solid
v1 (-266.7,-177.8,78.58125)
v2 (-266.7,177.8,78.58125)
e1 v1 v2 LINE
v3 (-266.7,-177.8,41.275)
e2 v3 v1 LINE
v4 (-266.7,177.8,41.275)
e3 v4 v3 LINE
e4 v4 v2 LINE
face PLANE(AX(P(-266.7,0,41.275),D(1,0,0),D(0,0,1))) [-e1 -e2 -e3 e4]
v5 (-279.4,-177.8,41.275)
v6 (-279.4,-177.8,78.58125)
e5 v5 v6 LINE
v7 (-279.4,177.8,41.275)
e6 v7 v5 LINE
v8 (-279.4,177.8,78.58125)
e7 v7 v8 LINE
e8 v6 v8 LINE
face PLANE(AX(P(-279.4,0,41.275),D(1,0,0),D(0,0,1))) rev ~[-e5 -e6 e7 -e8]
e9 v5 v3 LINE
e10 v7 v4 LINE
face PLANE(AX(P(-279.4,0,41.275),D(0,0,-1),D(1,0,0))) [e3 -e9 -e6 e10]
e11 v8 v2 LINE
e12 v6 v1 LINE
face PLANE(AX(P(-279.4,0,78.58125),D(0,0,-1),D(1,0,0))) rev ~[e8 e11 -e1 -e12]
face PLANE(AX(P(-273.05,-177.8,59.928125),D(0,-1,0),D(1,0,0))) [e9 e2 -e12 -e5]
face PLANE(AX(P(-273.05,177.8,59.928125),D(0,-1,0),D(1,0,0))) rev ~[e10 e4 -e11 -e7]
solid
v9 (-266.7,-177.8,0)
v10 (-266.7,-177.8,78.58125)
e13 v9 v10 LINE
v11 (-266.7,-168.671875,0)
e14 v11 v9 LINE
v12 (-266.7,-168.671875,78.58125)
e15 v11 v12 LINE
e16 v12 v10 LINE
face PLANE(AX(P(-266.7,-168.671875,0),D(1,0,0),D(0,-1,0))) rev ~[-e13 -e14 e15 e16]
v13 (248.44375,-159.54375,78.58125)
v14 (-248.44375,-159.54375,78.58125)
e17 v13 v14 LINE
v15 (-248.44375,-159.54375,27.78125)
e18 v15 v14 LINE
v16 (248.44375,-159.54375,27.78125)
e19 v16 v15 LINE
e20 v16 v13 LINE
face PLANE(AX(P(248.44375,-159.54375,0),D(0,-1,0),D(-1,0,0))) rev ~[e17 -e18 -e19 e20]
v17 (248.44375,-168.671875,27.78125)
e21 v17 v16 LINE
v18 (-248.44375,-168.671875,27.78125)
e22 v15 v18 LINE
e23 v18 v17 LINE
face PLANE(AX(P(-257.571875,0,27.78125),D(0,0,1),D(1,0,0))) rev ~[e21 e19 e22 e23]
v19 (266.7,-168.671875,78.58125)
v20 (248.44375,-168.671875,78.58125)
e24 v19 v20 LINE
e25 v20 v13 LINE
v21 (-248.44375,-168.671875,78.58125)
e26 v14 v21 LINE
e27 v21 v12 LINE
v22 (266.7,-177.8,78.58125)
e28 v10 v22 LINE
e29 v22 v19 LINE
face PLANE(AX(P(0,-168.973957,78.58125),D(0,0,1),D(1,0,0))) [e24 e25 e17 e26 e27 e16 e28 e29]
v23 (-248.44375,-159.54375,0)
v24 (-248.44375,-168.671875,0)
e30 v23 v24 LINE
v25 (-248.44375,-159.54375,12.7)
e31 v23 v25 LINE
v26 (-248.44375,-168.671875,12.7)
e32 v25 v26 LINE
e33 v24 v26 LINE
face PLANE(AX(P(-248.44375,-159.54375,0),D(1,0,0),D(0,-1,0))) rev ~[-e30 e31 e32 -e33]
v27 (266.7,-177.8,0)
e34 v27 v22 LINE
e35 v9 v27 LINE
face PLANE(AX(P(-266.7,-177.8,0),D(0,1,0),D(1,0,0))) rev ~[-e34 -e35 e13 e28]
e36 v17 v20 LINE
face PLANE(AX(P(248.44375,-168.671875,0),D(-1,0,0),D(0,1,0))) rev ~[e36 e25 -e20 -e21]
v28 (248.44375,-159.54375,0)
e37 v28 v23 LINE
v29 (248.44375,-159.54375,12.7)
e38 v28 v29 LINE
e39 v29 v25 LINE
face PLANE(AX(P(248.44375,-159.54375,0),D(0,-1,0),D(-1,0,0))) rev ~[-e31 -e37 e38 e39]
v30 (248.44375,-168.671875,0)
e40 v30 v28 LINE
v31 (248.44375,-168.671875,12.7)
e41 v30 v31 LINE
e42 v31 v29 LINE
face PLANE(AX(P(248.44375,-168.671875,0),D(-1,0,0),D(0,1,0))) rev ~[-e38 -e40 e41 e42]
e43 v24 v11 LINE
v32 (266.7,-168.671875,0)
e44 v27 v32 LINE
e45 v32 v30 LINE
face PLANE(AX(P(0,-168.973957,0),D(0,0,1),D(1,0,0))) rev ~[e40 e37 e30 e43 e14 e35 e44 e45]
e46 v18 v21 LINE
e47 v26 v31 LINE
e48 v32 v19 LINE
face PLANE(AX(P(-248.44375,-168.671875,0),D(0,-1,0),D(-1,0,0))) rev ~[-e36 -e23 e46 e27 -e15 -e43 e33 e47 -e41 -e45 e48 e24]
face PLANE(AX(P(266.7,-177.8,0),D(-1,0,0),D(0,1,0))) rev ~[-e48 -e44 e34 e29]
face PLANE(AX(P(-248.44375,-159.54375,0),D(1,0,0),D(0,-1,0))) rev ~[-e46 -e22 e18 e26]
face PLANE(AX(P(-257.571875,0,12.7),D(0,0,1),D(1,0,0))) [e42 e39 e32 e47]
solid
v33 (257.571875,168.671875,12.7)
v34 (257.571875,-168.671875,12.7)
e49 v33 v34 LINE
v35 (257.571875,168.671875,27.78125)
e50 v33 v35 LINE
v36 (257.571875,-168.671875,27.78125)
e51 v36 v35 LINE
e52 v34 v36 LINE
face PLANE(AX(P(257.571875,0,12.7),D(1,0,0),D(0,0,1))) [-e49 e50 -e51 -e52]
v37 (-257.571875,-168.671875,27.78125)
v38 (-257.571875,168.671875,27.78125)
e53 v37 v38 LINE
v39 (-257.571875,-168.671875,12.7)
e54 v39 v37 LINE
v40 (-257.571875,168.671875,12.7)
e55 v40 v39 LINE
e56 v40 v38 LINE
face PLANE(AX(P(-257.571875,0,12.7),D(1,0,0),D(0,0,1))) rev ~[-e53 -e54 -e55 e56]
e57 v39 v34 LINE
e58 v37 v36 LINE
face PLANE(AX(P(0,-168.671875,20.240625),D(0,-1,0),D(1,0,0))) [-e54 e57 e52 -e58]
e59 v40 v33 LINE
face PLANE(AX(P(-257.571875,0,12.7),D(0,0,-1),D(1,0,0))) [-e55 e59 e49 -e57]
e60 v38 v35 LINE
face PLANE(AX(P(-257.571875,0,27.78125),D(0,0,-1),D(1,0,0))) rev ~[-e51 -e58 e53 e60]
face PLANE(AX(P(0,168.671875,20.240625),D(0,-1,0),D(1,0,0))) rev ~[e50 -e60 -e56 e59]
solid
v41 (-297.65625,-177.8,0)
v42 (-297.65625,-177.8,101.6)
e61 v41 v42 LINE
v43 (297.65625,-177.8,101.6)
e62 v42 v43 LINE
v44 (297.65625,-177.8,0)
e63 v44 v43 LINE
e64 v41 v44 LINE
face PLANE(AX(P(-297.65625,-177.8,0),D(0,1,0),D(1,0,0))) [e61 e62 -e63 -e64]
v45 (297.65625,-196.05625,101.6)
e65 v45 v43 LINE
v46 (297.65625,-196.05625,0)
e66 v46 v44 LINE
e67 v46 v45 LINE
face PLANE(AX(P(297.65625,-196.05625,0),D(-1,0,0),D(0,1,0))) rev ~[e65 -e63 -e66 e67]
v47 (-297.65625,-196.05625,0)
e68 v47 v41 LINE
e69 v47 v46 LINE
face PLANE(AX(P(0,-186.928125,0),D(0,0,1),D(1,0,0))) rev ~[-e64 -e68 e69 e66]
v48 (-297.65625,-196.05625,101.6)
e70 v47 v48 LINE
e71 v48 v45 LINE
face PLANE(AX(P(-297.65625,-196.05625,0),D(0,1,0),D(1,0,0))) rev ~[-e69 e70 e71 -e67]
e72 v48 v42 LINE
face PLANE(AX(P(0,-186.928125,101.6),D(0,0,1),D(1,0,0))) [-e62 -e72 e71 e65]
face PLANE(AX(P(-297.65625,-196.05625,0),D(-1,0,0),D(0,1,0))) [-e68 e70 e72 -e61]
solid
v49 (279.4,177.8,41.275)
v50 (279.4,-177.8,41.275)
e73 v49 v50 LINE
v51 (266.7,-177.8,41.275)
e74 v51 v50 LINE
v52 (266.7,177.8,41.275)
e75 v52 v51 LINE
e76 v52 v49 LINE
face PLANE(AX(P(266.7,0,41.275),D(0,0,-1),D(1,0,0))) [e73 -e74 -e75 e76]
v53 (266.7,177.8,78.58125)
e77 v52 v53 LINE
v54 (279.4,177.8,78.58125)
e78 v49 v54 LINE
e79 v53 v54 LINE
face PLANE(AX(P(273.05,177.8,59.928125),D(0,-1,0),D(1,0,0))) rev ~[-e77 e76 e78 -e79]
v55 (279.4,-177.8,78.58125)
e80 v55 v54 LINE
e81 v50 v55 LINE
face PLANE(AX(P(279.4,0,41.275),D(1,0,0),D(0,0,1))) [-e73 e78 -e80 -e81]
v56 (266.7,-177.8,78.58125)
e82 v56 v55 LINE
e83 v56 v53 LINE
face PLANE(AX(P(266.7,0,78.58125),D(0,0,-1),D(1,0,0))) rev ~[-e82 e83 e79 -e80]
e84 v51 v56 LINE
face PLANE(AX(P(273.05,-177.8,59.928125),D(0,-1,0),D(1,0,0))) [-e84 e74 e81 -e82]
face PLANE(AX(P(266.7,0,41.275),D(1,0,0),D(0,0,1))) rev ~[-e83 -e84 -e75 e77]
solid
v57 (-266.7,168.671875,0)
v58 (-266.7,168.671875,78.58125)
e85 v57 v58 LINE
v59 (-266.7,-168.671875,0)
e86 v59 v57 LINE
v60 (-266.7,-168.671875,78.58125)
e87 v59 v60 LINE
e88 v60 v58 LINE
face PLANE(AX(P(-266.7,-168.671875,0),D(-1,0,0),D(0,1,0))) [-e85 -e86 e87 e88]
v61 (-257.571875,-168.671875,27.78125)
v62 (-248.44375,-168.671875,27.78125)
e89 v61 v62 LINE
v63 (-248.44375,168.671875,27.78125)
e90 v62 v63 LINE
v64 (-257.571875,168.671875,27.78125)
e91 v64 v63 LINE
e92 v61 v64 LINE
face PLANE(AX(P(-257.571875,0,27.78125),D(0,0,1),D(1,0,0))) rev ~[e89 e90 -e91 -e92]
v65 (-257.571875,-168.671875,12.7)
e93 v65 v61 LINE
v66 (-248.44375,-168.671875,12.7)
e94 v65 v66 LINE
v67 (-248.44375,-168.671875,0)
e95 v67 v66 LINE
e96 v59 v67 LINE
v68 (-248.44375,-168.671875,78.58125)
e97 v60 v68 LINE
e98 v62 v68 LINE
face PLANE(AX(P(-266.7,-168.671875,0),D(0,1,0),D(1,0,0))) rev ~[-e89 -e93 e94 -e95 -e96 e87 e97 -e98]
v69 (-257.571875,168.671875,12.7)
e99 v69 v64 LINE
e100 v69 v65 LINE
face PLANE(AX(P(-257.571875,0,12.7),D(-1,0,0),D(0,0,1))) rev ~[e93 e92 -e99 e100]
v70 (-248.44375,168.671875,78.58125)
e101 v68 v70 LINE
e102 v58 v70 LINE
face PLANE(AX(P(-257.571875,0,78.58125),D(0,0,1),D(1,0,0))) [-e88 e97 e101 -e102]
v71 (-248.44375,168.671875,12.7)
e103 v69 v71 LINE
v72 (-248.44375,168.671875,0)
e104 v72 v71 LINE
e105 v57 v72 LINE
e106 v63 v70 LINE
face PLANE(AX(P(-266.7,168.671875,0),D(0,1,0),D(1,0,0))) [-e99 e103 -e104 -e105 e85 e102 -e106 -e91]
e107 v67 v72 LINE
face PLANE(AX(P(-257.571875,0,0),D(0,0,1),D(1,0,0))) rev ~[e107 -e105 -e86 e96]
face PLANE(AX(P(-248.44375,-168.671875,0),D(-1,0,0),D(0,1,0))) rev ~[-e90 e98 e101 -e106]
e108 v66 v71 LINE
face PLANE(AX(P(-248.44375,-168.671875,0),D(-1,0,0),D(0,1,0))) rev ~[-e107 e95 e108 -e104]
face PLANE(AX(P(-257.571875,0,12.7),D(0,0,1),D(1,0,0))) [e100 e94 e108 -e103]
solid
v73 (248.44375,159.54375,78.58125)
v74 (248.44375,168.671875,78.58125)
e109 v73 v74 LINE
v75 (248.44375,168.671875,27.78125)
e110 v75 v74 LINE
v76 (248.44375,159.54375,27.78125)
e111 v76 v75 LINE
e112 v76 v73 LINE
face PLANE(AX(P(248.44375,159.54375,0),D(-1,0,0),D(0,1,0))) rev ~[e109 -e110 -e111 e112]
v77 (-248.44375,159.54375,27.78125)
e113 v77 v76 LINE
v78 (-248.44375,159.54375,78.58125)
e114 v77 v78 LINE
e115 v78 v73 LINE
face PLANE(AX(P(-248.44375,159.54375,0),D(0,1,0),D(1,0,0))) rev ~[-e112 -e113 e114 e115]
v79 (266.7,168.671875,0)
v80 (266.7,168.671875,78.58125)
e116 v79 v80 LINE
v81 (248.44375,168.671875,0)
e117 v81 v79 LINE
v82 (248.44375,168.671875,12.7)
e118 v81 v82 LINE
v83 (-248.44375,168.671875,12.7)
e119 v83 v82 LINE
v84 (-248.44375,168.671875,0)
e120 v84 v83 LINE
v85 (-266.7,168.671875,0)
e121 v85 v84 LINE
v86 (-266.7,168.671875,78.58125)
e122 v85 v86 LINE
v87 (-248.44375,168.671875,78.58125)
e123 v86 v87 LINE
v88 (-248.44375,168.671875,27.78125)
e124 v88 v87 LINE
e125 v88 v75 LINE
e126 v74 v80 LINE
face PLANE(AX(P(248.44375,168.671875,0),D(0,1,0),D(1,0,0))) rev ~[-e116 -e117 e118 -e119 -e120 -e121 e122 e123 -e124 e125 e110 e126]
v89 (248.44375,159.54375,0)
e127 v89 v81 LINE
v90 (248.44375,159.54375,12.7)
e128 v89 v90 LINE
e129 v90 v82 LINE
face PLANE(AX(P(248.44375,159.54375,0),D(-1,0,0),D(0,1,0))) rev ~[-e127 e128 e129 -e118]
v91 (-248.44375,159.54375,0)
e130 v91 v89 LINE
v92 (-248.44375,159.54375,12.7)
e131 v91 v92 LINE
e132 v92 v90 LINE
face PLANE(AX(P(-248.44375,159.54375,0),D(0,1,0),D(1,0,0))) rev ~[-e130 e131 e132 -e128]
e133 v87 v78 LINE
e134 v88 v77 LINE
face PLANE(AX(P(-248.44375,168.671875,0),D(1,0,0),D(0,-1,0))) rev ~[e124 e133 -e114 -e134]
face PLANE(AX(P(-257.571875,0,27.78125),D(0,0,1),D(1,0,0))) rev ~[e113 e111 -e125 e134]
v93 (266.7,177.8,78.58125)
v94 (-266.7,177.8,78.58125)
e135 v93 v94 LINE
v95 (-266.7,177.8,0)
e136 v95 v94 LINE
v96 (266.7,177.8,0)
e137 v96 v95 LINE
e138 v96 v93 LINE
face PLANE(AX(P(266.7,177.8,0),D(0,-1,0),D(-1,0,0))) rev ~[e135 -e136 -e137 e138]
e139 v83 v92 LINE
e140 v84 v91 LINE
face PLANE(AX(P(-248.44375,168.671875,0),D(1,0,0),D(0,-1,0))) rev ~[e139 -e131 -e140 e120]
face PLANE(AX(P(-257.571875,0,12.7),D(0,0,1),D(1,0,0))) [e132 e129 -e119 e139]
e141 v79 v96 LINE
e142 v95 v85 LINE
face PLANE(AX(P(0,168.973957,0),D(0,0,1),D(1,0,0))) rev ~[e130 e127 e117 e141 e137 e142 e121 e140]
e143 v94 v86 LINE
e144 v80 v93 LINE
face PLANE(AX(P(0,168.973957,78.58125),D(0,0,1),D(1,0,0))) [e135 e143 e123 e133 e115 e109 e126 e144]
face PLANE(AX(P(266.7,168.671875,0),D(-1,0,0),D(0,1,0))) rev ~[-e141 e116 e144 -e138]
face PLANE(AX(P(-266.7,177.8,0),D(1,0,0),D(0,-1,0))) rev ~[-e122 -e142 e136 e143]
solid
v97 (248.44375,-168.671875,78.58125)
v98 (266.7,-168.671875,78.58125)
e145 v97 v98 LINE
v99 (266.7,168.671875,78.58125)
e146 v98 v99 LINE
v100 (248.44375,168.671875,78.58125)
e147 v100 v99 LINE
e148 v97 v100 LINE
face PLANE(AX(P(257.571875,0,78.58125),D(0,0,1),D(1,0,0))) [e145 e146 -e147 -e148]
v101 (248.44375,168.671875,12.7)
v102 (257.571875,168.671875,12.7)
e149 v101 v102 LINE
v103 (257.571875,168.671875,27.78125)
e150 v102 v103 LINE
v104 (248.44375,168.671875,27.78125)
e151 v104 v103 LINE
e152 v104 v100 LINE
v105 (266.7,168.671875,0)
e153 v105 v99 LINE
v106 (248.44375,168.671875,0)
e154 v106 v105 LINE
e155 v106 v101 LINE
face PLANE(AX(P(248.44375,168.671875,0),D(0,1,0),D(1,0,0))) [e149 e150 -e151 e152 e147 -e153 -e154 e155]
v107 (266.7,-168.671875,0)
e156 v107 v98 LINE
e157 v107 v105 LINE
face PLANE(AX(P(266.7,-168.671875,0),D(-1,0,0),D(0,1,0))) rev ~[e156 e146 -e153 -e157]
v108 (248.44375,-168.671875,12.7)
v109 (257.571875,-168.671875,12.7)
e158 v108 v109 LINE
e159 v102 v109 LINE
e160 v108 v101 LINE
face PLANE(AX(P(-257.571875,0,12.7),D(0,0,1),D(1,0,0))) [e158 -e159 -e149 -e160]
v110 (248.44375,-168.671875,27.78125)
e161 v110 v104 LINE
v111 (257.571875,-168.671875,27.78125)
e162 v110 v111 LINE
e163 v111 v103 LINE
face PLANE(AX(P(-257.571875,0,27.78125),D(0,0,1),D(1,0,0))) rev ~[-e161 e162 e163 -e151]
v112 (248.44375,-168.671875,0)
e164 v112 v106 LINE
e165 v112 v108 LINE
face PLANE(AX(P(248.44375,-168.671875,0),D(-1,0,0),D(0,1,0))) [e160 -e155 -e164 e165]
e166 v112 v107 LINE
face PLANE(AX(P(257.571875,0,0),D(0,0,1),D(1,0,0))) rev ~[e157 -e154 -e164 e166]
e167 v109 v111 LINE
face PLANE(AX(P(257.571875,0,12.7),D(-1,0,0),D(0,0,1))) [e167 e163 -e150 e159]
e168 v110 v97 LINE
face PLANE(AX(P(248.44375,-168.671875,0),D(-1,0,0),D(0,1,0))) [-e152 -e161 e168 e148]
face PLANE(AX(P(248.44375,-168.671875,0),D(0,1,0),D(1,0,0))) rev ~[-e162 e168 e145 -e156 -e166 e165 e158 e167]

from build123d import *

# Parameters (mm, degrees)
F5_DEPTH       = 78.58125
F1_W           = 18.25625
F1_H           = 337.34375
F6_DEPTH       = 78.58125
F2_W           = 595.3125
F2_H           = 18.25625
F7_DEPTH       = 101.6
F3_W           = 515.14375
F3_H           = 15.08125
F8_DEPTH       = 168.671875
F8_DEPTH_BACK  = 168.671875
F9_DEPTH       = 168.671875
F9_DEPTH_BACK  = 168.671875
F4_W           = 12.7
F4_H           = 37.30625
F10_DEPTH      = 177.8
F10_DEPTH_BACK = 177.8


with BuildPart() as f5:
    # F0 (on Top) → F5 (new body)
    with BuildSketch(Plane.XY):
        Polygon((266.7, 177.8), (-266.7, 177.8), (-266.7, 168.671875), (-248.44375, 168.671875), (-248.44375, 159.54375), (248.44375, 159.54375), (248.44375, 168.671875), (266.7, 168.671875), align=None)
    extrude(amount=F5_DEPTH)


with BuildPart() as f5b:
    # F0 (on Top) → F5, piece 2 (new body)
    with BuildSketch(Plane.XY):
        Polygon((-266.7, -177.8), (266.7, -177.8), (266.7, -168.671875), (248.44375, -168.671875), (248.44375, -159.54375), (-248.44375, -159.54375), (-248.44375, -168.671875), (-266.7, -168.671875), align=None)
    extrude(amount=F5_DEPTH)


with BuildPart() as f6:
    # F1 (on Top) → F6 (new body, through all)
    with BuildSketch(Plane.XY):
        with Locations((-257.571875, 0)):
            Rectangle(F1_W, F1_H)
    extrude(amount=F6_DEPTH)


with BuildPart() as f6b:
    # F1 (on Top) → F6, piece 2 (new body, through all)
    with BuildSketch(Plane.XY):
        with Locations((257.571875, 0)):
            Rectangle(F1_W, F1_H)
    extrude(amount=F6_DEPTH)


with BuildPart() as f7:
    # F2 (on Top) → F7 (new body)
    with BuildSketch(Plane.XY):
        with Locations((0, -186.928125)):
            Rectangle(F2_W, F2_H)
    extrude(amount=F7_DEPTH)


with BuildPart() as f8_tool:
    # F3 (on Front) → F8 (new body, two sides)
    with BuildSketch(Plane.XZ) as f8_sk:
        with Locations((0, 20.240625)):
            Rectangle(F3_W, F3_H)
    extrude(amount=-F8_DEPTH)
    extrude(f8_sk.sketch, amount=F8_DEPTH_BACK)


with BuildPart() as f5_1:
    add(f5.part)

    # F8: cut by f8_tool
    add(f8_tool.part, mode=Mode.SUBTRACT)


with BuildPart() as f5b_1:
    add(f5b.part)

    # F8: cut by f8_tool
    add(f8_tool.part, mode=Mode.SUBTRACT)


with BuildPart() as f6_1:
    add(f6.part)

    # F8: cut by f8_tool
    add(f8_tool.part, mode=Mode.SUBTRACT)


with BuildPart() as f6b_1:
    add(f6b.part)

    # F8: cut by f8_tool
    add(f8_tool.part, mode=Mode.SUBTRACT)


with BuildPart() as f9:
    # F3 (on Front) → F9 (new body, two sides)
    with BuildSketch(Plane.XZ) as f9_sk:
        with Locations((0, 20.240625)):
            Rectangle(F3_W, F3_H)
    extrude(amount=F9_DEPTH)
    extrude(f9_sk.sketch, amount=-F9_DEPTH_BACK)


with BuildPart() as f10:
    # F4 (on Front) → F10 (new body, two sides)
    with BuildSketch(Plane.XZ) as f10_sk:
        with Locations((-273.05, 59.928125)):
            Rectangle(F4_W, F4_H)
    extrude(amount=F10_DEPTH)
    extrude(f10_sk.sketch, amount=-F10_DEPTH_BACK)


with BuildPart() as f10b:
    # F4 (on Front) → F10, piece 2 (new body, two sides)
    with BuildSketch(Plane.XZ) as f10_2_sk:
        with Locations((273.05, 59.928125)):
            Rectangle(F4_W, F4_H)
    extrude(amount=F10_DEPTH)
    extrude(f10_2_sk.sketch, amount=-F10_DEPTH_BACK)


solid = Compound([f7.part, f5_1.part, f5b_1.part, f6_1.part, f6b_1.part, f9.part, f10.part, f10b.part])
